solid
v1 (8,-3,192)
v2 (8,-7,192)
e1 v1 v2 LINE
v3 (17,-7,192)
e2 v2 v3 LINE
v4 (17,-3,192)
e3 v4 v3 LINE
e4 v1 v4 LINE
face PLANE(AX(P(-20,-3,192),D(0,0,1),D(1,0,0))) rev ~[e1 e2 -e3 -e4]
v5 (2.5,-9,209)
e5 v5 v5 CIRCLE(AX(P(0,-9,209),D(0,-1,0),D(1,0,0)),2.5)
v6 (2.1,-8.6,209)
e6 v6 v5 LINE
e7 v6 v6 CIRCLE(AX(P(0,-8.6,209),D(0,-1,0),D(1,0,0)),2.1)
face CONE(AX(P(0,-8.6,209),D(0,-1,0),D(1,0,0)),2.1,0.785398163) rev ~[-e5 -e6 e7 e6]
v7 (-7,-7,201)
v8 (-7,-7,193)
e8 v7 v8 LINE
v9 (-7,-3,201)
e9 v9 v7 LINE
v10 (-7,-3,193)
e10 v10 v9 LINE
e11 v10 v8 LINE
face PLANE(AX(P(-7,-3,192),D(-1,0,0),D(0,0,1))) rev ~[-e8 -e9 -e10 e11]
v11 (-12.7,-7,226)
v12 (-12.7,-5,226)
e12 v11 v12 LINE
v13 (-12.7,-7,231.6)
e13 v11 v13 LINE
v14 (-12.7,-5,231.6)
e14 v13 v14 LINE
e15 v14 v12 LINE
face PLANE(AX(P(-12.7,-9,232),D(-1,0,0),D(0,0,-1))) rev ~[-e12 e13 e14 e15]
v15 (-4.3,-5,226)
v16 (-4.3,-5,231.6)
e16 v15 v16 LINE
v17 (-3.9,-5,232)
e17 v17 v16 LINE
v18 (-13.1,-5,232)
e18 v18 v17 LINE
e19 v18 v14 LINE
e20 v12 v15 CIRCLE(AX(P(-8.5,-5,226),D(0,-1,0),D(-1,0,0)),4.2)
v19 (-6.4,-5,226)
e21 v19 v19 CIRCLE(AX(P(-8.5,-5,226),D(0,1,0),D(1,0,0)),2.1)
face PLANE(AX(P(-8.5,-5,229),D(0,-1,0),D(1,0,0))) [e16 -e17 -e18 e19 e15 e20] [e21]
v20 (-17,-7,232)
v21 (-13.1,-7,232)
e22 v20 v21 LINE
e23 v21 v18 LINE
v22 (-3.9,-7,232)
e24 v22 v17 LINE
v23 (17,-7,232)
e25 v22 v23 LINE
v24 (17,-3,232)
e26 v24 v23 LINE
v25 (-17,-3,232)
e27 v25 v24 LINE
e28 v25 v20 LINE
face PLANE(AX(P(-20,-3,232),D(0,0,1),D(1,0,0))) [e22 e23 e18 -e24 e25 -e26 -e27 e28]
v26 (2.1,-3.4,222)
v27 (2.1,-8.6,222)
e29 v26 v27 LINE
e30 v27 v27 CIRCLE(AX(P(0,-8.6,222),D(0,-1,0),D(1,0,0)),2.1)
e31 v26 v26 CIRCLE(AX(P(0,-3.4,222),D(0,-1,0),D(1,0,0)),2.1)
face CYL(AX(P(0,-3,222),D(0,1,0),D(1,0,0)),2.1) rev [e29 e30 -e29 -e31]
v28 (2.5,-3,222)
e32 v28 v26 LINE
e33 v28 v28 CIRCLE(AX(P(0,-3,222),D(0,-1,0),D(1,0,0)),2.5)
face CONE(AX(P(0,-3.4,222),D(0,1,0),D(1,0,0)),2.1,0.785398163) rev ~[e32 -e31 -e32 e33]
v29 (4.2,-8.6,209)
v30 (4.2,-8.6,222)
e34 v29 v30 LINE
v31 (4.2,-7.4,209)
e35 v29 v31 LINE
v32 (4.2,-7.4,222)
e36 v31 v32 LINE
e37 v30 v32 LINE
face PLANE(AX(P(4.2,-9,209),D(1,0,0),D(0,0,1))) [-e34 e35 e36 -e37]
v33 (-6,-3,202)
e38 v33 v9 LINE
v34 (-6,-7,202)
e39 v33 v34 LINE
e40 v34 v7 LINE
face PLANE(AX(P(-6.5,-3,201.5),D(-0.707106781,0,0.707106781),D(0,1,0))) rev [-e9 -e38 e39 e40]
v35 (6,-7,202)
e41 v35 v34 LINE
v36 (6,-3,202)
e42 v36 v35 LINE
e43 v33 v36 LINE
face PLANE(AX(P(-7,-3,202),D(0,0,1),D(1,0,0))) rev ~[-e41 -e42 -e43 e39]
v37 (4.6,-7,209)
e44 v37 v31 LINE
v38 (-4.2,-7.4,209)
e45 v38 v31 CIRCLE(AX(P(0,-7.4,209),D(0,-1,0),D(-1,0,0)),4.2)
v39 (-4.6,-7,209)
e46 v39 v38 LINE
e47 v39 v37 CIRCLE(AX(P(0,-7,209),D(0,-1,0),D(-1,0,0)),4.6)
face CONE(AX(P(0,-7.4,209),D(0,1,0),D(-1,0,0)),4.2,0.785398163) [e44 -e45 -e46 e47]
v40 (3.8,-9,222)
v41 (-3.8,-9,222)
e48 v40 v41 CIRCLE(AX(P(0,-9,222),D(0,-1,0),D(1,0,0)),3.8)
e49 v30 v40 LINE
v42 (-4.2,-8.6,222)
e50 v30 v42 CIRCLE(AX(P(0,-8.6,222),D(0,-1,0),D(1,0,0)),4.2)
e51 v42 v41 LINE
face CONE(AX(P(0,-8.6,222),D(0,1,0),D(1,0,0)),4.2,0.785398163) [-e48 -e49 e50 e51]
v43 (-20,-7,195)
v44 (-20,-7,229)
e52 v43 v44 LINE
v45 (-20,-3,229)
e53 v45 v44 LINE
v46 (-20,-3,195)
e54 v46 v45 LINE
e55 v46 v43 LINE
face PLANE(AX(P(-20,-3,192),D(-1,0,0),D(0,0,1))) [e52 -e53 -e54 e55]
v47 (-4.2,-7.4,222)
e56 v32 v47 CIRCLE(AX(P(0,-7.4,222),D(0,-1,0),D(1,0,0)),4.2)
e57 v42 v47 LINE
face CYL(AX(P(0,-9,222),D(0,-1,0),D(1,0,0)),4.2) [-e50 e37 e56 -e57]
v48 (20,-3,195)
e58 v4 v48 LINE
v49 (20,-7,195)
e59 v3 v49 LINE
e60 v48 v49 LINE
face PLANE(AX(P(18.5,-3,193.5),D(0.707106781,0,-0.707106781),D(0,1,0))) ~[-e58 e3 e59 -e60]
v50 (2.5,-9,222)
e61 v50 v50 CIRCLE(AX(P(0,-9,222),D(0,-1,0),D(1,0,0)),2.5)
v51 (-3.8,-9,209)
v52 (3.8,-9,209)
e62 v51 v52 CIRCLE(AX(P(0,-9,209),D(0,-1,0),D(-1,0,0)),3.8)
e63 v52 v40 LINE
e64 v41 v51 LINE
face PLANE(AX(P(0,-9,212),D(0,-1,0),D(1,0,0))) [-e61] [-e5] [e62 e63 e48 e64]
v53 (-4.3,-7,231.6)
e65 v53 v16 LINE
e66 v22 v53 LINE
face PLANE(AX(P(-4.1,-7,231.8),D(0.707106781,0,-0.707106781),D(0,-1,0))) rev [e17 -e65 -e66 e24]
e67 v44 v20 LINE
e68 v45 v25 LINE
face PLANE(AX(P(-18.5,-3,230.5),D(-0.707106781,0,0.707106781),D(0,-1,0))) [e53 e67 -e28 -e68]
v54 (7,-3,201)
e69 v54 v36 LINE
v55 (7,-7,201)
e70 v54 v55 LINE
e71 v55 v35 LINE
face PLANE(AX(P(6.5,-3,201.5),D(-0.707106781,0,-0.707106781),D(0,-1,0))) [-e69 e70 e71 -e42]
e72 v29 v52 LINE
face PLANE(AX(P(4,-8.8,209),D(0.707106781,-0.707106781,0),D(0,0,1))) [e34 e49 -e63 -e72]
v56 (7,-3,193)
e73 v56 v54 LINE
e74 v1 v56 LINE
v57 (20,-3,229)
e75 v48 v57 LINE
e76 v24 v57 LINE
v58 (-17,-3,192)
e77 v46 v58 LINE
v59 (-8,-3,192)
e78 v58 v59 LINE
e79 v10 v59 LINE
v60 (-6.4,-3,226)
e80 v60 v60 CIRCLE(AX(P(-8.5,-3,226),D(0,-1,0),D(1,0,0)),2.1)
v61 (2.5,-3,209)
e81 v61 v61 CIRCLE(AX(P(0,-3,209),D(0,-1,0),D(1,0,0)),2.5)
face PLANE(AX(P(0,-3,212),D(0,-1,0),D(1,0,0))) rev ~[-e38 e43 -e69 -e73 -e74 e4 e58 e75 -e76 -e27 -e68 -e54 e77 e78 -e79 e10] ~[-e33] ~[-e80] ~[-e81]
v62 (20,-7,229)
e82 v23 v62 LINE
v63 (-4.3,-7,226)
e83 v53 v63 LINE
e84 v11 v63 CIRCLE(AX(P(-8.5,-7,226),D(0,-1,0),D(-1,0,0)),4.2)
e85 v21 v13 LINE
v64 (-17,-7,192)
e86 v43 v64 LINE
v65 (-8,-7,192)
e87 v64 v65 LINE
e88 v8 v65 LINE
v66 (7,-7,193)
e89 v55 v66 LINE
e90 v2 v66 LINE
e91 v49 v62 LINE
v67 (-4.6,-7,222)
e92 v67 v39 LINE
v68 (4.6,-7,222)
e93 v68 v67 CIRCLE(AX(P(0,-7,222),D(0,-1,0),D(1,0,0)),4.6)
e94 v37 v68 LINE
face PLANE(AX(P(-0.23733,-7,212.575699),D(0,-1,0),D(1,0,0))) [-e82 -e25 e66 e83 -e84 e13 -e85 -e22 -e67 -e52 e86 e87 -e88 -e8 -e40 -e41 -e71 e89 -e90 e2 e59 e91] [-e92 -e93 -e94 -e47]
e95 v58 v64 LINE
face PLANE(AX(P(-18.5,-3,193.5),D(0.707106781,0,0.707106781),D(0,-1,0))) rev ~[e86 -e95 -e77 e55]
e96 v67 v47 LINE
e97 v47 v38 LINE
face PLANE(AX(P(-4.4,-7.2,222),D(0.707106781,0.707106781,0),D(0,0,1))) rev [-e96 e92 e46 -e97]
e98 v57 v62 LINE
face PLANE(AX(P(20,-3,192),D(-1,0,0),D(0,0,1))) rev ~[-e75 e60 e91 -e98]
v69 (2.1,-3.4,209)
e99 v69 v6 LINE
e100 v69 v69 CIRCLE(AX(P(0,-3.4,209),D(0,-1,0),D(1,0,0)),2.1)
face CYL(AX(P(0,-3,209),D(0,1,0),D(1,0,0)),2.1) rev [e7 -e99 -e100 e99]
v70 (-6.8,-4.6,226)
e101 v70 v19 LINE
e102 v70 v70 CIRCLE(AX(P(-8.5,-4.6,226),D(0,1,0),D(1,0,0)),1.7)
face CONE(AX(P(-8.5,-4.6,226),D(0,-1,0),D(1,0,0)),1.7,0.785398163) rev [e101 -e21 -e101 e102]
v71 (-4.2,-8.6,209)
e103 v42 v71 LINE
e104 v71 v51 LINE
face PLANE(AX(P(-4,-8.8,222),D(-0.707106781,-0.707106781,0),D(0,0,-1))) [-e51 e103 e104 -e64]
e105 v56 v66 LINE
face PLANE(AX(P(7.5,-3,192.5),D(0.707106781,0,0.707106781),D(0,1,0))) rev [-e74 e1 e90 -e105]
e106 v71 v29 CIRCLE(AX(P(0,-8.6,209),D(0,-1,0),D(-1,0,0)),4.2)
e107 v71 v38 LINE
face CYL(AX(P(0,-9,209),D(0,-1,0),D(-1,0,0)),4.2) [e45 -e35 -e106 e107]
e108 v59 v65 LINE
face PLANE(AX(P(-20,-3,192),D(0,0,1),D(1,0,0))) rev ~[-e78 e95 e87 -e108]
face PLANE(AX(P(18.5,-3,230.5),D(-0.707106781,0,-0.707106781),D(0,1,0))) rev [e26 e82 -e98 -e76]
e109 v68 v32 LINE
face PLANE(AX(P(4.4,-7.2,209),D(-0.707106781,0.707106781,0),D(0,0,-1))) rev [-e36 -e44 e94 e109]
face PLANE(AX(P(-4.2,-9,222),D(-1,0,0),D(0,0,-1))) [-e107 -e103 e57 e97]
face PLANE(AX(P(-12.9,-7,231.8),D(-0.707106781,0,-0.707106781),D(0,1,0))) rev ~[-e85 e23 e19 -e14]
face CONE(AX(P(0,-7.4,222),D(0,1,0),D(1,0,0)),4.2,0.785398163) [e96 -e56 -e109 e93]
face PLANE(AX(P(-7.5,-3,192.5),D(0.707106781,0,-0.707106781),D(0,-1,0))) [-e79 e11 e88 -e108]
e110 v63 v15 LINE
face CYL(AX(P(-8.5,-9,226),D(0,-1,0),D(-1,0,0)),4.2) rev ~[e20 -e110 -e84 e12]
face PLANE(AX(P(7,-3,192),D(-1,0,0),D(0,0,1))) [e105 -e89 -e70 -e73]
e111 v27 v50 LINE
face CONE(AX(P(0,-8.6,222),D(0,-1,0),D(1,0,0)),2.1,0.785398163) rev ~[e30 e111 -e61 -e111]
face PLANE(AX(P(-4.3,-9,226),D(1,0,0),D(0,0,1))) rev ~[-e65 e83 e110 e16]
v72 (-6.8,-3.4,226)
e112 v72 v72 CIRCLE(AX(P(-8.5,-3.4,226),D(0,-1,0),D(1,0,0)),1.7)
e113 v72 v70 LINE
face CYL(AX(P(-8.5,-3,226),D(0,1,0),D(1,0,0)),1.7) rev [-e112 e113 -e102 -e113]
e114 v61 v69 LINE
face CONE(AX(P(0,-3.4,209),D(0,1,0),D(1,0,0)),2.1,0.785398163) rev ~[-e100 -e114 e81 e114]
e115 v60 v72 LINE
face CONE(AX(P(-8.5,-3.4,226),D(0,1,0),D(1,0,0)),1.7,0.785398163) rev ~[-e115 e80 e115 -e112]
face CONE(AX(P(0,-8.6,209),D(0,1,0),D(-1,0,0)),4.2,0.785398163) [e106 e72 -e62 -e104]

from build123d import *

# Parameters (mm, degrees)
SKETCH120_W     = 40
SKETCH120_H     = 40
SKETCH120_R     = 1.7
SKETCH120_R_2   = 2.1
PAD062_DEPTH    = 6
CHAMFER017_SIZE = 3
POCKET021_DEPTH = 4
SKETCH122_W     = 44.906031
SKETCH122_H     = 45.853912
POCKET022_DEPTH = 2
CHAMFER018_SIZE = 0.4
SKETCH123_W     = 14
SKETCH123_H     = 10
POCKET023_DEPTH = 6.001
CHAMFER019_SIZE = 1


with BuildPart() as part:
    # Sketch120 → Pad062 (new body)
    with BuildSketch(Plane.XZ):
        with Locations((0, 20)):
            Rectangle(SKETCH120_W, SKETCH120_H)
        with Locations((-8.5, 34)):
            Circle(SKETCH120_R, mode=Mode.SUBTRACT)
        with Locations((0, 30)):
            Circle(SKETCH120_R_2, mode=Mode.SUBTRACT)
        with Locations((0, 17)):
            Circle(SKETCH120_R_2, mode=Mode.SUBTRACT)
    extrude(amount=PAD062_DEPTH)

    # Chamfer017
    chamfer017_edges = [part.edges().sort_by_distance(p)[0] for p in [
        (-20, -3, 40),
        (20, -3, 40),
        (20, -3, 0),
        (-20, -3, 0),
    ]]
    chamfer(chamfer017_edges, length=CHAMFER017_SIZE)

    # Sketch121 (on Face5 of Chamfer017) → Pocket021 (cut)
    with BuildSketch(Plane.XZ.offset(6)):
        with BuildLine():
            ThreePointArc((-12.7, 34), (-8.5, 29.8), (-4.3, 34))
            Line((-4.3, 34), (-4.3, 40))
            ThreePointArc((-4.3, 40), (-8.5, 44.2), (-12.7, 40))
            Line((-12.7, 40), (-12.7, 34))
        make_face()
    extrude(amount=-POCKET021_DEPTH, mode=Mode.SUBTRACT)

    # Sketch122 (on Face5 of Pocket021) → Pocket022 (cut)
    with BuildSketch(Plane.XZ.offset(6)):
        with Locations((-0.23733, 20.575699)):
            Rectangle(SKETCH122_W, SKETCH122_H)
        with BuildLine():
            ThreePointArc((4.2, 30), (0, 34.2), (-4.2, 30))
            Line((-4.2, 30), (-4.2, 17))
            ThreePointArc((-4.2, 17), (0, 12.8), (4.2, 17))
            Line((4.2, 17), (4.2, 30))
        make_face(mode=Mode.SUBTRACT)
    extrude(amount=-POCKET022_DEPTH, mode=Mode.SUBTRACT)

    # Chamfer018
    chamfer018_edges = [part.edges().sort_by_distance(p)[0] for p in [
        (-10.2, -2, 34),
        (-2.1, -6, 30),
        (-2.1, -6, 17),
        (-2.1, 0, 17),
        (-2.1, 0, 30),
        (-10.2, 0, 34),
        (0, -6, 34.2),
        (0, -4, 34.2),
        (-4.3, -3, 40),
        (-12.7, -3, 40),
    ]]
    chamfer(chamfer018_edges, length=CHAMFER018_SIZE)

    # Sketch123 → Pocket023 (cut, through all)
    with BuildSketch(Plane.XZ):
        with Locations((0, 5)):
            Rectangle(SKETCH123_W, SKETCH123_H)
    extrude(amount=POCKET023_DEPTH, mode=Mode.SUBTRACT)

    # Chamfer019
    chamfer019_edges = [part.edges().sort_by_distance(p)[0] for p in [
        (7, -2, 10),
        (-7, -2, 10),
        (7, -2, 0),
        (-7, -2, 0),
    ]]
    chamfer(chamfer019_edges, length=CHAMFER019_SIZE)


with BuildPart() as part_1:
    # Body053 placement: moved
    add(part.part.moved(Location((0, -3, 192))))


solid = part_1.part
